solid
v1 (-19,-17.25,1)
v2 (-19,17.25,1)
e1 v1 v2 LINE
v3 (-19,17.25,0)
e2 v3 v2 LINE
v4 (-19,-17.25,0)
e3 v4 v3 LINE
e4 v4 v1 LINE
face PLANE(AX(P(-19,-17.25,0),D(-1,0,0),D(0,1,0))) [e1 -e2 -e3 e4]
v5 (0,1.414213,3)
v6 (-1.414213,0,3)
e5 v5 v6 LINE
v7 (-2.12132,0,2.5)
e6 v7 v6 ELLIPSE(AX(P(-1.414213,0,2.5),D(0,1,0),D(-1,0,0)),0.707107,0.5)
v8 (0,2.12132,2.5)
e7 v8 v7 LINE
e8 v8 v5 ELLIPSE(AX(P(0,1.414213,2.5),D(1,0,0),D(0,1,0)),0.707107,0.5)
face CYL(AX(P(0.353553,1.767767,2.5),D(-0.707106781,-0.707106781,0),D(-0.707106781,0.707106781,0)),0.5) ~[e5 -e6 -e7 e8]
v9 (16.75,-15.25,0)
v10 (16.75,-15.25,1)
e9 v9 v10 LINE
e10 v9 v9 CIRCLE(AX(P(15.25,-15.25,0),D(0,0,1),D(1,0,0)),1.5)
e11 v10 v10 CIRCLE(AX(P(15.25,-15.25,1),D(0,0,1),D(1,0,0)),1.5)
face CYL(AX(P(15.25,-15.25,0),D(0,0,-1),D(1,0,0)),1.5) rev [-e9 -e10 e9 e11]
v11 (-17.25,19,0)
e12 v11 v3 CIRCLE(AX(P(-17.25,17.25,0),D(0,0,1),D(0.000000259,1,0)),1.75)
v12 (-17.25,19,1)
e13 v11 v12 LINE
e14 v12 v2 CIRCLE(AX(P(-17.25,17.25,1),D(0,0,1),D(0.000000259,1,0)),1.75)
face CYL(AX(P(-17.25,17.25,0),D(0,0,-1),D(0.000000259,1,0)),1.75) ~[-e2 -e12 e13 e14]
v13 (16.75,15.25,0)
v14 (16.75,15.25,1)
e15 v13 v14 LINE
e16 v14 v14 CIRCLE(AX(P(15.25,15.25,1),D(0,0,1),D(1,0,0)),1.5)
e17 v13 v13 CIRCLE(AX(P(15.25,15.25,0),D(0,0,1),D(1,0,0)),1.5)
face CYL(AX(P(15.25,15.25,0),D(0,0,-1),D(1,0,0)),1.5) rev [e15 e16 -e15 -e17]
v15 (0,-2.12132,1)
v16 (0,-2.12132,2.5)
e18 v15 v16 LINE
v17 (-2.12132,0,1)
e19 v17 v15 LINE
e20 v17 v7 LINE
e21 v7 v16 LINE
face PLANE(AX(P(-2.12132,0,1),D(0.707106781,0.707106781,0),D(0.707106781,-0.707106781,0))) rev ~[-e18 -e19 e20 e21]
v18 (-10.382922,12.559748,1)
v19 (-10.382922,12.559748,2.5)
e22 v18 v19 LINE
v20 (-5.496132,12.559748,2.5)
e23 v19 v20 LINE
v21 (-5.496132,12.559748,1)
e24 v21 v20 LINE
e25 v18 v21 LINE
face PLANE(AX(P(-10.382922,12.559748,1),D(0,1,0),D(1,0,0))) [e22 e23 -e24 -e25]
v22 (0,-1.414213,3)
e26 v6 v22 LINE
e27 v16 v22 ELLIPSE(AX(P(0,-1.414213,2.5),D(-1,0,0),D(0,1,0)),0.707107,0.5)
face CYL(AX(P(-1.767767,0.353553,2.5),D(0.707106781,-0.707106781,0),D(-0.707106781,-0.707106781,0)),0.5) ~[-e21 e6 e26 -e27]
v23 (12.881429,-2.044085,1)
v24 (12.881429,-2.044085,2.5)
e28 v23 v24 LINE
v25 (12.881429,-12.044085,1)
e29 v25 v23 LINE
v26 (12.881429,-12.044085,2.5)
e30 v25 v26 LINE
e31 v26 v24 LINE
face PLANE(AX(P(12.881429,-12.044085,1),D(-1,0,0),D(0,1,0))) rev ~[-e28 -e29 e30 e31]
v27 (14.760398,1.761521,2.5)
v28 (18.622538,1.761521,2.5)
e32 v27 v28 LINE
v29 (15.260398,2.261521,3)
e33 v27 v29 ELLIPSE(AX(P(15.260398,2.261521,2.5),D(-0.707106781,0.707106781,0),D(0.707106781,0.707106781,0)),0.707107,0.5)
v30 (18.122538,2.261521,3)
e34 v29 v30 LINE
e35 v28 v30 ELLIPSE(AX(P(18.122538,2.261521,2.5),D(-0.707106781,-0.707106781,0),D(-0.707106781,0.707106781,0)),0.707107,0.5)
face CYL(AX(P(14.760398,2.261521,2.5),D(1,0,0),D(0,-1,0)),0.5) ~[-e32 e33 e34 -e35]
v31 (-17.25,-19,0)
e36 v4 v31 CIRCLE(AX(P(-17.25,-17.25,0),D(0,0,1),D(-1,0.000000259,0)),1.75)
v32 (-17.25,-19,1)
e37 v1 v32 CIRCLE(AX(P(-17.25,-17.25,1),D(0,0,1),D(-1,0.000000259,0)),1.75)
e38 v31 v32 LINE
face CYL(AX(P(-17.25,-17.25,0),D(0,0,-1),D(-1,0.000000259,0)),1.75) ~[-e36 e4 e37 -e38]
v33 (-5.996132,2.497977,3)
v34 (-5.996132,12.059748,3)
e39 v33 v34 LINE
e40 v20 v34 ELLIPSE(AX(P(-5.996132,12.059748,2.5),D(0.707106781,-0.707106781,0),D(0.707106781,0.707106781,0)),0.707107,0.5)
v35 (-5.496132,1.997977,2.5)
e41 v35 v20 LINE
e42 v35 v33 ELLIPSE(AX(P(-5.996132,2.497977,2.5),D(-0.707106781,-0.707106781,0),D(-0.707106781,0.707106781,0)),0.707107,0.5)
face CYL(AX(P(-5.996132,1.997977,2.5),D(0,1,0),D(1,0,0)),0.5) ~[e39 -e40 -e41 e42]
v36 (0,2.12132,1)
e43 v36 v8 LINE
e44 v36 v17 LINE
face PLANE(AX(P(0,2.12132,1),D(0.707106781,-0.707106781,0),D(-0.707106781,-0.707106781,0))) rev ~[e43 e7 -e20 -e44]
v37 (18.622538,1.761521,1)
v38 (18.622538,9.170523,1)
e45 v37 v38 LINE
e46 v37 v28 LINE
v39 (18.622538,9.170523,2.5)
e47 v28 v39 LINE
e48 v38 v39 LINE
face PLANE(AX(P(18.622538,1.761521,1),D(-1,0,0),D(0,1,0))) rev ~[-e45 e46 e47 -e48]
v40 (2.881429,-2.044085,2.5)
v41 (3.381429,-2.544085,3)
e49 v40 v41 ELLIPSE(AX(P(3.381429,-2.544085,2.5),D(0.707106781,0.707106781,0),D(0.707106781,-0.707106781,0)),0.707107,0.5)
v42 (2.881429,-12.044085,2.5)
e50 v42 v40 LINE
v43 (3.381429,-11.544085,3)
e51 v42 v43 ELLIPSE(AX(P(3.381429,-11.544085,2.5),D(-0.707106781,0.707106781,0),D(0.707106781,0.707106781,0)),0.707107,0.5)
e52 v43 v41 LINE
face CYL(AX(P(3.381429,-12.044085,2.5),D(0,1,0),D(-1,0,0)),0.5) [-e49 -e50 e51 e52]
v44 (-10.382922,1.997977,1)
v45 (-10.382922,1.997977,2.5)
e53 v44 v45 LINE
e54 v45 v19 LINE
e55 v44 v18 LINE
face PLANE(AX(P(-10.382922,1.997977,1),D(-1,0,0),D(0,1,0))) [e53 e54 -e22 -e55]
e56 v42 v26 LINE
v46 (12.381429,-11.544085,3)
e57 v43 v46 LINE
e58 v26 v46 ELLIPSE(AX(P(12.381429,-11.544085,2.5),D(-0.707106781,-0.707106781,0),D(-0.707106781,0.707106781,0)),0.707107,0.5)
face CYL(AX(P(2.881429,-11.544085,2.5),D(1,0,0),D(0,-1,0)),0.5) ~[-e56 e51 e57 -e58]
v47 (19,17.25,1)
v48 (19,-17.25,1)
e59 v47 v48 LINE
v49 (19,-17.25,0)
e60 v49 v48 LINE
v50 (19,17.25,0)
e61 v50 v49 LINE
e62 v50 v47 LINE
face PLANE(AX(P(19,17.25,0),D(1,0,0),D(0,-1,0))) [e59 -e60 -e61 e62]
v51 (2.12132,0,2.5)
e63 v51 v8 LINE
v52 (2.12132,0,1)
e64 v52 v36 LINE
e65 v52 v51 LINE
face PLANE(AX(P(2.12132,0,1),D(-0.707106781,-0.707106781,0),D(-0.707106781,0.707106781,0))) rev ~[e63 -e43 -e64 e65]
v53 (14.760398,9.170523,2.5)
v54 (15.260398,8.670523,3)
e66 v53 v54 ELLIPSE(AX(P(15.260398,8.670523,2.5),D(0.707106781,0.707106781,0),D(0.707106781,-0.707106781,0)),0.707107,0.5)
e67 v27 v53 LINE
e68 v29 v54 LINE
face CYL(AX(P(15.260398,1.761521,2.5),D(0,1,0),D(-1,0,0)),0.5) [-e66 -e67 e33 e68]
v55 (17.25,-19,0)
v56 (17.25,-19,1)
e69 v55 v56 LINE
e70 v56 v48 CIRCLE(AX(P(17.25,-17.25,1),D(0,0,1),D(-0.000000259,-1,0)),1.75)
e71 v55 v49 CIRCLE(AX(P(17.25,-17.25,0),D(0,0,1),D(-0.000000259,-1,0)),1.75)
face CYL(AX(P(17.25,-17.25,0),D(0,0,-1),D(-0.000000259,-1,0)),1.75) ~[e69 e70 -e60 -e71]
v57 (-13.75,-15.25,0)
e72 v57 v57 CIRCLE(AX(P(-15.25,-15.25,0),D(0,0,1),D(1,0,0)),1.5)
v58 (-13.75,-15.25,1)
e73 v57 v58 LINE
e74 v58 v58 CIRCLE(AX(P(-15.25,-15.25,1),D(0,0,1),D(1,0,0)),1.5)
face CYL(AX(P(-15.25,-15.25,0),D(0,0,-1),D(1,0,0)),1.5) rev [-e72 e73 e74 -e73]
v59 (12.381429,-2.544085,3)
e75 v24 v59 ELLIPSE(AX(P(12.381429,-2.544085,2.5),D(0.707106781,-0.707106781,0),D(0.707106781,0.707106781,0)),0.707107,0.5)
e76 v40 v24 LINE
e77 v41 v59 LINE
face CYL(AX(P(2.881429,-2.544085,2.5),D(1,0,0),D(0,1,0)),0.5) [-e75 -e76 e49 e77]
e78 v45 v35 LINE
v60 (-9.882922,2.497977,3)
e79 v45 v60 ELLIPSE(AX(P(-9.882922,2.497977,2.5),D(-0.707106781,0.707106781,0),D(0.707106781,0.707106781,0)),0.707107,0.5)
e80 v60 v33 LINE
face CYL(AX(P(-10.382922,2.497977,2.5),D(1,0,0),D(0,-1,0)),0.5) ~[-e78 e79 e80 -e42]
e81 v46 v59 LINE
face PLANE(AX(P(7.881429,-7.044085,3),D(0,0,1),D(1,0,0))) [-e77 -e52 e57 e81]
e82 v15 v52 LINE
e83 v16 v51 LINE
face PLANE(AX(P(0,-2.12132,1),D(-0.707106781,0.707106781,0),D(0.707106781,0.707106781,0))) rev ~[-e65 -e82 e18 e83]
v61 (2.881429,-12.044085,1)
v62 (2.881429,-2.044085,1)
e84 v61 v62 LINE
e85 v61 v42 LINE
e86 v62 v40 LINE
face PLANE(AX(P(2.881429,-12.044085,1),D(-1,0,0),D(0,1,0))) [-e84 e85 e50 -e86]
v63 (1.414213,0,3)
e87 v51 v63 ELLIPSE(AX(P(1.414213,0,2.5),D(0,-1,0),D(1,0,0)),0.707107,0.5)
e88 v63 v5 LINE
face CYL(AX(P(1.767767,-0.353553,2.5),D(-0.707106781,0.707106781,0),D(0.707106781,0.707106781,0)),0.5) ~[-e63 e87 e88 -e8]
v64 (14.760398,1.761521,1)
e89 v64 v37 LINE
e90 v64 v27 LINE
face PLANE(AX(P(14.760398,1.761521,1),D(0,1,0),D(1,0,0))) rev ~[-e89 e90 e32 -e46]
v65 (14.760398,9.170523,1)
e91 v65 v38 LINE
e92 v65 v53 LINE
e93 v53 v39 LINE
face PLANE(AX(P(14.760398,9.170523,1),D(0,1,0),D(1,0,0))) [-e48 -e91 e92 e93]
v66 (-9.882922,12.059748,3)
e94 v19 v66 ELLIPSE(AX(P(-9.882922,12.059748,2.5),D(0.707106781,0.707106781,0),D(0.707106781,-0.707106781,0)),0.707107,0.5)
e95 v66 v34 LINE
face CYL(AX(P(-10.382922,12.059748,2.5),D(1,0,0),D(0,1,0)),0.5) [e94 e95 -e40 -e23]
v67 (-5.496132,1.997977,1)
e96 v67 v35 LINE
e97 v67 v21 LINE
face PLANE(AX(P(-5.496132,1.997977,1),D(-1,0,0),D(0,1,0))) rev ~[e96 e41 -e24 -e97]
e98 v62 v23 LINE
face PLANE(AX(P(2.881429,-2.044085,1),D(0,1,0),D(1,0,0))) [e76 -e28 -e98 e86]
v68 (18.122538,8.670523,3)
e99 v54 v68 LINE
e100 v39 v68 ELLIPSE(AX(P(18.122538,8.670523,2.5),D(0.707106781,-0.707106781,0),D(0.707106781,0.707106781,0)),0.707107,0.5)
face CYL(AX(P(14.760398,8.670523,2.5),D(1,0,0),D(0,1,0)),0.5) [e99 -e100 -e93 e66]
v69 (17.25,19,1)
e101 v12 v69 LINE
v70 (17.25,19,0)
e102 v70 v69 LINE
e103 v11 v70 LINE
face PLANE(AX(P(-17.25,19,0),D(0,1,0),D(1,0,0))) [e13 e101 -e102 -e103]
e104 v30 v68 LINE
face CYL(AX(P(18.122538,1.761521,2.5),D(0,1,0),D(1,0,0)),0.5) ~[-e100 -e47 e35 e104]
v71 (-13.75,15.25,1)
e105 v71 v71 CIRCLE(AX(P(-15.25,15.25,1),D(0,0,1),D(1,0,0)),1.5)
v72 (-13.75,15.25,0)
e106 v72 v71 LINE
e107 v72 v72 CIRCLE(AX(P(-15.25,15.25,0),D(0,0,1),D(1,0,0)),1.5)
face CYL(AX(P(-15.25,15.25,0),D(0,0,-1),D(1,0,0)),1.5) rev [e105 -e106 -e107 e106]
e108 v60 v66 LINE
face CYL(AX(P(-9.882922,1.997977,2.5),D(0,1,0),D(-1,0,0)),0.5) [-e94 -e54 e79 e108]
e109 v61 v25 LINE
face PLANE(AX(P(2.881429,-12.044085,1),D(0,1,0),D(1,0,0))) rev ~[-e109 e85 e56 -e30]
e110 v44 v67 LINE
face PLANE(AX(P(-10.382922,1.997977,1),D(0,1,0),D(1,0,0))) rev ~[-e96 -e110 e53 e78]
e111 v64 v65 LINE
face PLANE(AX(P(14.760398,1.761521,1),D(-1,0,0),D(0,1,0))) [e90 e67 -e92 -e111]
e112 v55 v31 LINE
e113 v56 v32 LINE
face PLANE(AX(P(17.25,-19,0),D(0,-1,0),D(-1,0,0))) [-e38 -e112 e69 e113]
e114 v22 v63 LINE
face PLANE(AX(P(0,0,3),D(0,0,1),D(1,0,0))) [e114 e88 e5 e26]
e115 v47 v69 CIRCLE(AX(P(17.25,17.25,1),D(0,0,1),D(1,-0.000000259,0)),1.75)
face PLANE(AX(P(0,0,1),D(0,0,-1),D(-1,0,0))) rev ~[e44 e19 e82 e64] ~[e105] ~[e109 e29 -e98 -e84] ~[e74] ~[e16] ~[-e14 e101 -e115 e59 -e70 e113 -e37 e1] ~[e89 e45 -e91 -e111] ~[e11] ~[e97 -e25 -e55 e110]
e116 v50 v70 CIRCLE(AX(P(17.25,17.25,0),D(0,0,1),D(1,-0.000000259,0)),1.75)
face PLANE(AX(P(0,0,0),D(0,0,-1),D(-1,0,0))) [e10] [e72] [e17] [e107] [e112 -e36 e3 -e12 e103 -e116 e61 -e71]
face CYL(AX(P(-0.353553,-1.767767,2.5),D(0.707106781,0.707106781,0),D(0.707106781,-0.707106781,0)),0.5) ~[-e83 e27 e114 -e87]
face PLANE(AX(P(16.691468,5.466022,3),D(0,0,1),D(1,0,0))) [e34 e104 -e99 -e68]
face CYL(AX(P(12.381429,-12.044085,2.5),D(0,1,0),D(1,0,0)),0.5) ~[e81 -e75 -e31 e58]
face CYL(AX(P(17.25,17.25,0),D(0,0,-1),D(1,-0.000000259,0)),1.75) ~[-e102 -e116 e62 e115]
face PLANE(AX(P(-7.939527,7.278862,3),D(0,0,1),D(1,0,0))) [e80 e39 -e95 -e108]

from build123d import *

# Parameters (mm, degrees)
SKETCH_R      = 1.5
PAD_DEPTH     = 1
SKETCH001_W   = 10
SKETCH001_H   = 10
SKETCH001_W_2 = 4.88679
SKETCH001_H_2 = 10.561771
SKETCH001_W_3 = 3.86214
SKETCH001_H_3 = 7.409003
PAD001_DEPTH  = 2
FILLET_R      = 0.5


with BuildPart() as part:
    # Sketch → Pad (new body)
    with BuildSketch(Plane.XY):
        with BuildLine():
            Line((-17.25, 19), (17.25, 19))
            ThreePointArc((19, 17.25), (18.487437, 18.487437), (17.25, 19))
            Line((19, 17.25), (19, -17.25))
            ThreePointArc((17.25, -19), (18.487437, -18.487437), (19, -17.25))
            Line((17.25, -19), (-17.25, -19))
            ThreePointArc((-19, -17.25), (-18.487437, -18.487437), (-17.25, -19))
            Line((-19, -17.25), (-19, 17.25))
            ThreePointArc((-17.25, 19), (-18.487437, 18.487437), (-19, 17.25))
        make_face()
        with Locations((15.25, 15.25)):
            Circle(SKETCH_R, mode=Mode.SUBTRACT)
        with Locations((-15.25, -15.25)):
            Circle(SKETCH_R, mode=Mode.SUBTRACT)
        with Locations((-15.25, 15.25)):
            Circle(SKETCH_R, mode=Mode.SUBTRACT)
        with Locations((15.25, -15.25)):
            Circle(SKETCH_R, mode=Mode.SUBTRACT)
    extrude(amount=PAD_DEPTH)

    # Sketch001 (on Face14 of Pad) → Pad001 (join)
    with BuildSketch(Plane.XY.offset(1)):
        with Locations((7.881429, -7.044085)):
            Rectangle(SKETCH001_W, SKETCH001_H)
        Polygon((0, -2.12132), (2.12132, 0), (0, 2.12132), (-2.12132, 0), align=None)
        with Locations((-7.939527, 7.278862)):
            Rectangle(SKETCH001_W_2, SKETCH001_H_2)
        with Locations((16.691468, 5.466022)):
            Rectangle(SKETCH001_W_3, SKETCH001_H_3)
    extrude(amount=PAD001_DEPTH)

    # Fillet
    fillet_edges = [part.edges().sort_by_distance(p)[0] for p in [
        (1.06066, -1.06066, 3),
        (1.06066, 1.06066, 3),
        (-1.06066, 1.06066, 3),
        (-1.06066, -1.06066, 3),
        (7.881429, -2.044085, 3),
        (12.881429, -7.044085, 3),
        (7.881429, -12.044085, 3),
        (2.881429, -7.044085, 3),
        (-7.939527, 12.559748, 3),
        (-5.496132, 7.278863, 3),
        (-7.939527, 1.997977, 3),
        (-10.382922, 7.278863, 3),
        (16.691468, 9.170523, 3),
        (18.622538, 5.466022, 3),
        (16.691468, 1.76152, 3),
        (14.760398, 5.466022, 3),
    ]]
    fillet(fillet_edges, radius=FILLET_R)


solid = part.part
